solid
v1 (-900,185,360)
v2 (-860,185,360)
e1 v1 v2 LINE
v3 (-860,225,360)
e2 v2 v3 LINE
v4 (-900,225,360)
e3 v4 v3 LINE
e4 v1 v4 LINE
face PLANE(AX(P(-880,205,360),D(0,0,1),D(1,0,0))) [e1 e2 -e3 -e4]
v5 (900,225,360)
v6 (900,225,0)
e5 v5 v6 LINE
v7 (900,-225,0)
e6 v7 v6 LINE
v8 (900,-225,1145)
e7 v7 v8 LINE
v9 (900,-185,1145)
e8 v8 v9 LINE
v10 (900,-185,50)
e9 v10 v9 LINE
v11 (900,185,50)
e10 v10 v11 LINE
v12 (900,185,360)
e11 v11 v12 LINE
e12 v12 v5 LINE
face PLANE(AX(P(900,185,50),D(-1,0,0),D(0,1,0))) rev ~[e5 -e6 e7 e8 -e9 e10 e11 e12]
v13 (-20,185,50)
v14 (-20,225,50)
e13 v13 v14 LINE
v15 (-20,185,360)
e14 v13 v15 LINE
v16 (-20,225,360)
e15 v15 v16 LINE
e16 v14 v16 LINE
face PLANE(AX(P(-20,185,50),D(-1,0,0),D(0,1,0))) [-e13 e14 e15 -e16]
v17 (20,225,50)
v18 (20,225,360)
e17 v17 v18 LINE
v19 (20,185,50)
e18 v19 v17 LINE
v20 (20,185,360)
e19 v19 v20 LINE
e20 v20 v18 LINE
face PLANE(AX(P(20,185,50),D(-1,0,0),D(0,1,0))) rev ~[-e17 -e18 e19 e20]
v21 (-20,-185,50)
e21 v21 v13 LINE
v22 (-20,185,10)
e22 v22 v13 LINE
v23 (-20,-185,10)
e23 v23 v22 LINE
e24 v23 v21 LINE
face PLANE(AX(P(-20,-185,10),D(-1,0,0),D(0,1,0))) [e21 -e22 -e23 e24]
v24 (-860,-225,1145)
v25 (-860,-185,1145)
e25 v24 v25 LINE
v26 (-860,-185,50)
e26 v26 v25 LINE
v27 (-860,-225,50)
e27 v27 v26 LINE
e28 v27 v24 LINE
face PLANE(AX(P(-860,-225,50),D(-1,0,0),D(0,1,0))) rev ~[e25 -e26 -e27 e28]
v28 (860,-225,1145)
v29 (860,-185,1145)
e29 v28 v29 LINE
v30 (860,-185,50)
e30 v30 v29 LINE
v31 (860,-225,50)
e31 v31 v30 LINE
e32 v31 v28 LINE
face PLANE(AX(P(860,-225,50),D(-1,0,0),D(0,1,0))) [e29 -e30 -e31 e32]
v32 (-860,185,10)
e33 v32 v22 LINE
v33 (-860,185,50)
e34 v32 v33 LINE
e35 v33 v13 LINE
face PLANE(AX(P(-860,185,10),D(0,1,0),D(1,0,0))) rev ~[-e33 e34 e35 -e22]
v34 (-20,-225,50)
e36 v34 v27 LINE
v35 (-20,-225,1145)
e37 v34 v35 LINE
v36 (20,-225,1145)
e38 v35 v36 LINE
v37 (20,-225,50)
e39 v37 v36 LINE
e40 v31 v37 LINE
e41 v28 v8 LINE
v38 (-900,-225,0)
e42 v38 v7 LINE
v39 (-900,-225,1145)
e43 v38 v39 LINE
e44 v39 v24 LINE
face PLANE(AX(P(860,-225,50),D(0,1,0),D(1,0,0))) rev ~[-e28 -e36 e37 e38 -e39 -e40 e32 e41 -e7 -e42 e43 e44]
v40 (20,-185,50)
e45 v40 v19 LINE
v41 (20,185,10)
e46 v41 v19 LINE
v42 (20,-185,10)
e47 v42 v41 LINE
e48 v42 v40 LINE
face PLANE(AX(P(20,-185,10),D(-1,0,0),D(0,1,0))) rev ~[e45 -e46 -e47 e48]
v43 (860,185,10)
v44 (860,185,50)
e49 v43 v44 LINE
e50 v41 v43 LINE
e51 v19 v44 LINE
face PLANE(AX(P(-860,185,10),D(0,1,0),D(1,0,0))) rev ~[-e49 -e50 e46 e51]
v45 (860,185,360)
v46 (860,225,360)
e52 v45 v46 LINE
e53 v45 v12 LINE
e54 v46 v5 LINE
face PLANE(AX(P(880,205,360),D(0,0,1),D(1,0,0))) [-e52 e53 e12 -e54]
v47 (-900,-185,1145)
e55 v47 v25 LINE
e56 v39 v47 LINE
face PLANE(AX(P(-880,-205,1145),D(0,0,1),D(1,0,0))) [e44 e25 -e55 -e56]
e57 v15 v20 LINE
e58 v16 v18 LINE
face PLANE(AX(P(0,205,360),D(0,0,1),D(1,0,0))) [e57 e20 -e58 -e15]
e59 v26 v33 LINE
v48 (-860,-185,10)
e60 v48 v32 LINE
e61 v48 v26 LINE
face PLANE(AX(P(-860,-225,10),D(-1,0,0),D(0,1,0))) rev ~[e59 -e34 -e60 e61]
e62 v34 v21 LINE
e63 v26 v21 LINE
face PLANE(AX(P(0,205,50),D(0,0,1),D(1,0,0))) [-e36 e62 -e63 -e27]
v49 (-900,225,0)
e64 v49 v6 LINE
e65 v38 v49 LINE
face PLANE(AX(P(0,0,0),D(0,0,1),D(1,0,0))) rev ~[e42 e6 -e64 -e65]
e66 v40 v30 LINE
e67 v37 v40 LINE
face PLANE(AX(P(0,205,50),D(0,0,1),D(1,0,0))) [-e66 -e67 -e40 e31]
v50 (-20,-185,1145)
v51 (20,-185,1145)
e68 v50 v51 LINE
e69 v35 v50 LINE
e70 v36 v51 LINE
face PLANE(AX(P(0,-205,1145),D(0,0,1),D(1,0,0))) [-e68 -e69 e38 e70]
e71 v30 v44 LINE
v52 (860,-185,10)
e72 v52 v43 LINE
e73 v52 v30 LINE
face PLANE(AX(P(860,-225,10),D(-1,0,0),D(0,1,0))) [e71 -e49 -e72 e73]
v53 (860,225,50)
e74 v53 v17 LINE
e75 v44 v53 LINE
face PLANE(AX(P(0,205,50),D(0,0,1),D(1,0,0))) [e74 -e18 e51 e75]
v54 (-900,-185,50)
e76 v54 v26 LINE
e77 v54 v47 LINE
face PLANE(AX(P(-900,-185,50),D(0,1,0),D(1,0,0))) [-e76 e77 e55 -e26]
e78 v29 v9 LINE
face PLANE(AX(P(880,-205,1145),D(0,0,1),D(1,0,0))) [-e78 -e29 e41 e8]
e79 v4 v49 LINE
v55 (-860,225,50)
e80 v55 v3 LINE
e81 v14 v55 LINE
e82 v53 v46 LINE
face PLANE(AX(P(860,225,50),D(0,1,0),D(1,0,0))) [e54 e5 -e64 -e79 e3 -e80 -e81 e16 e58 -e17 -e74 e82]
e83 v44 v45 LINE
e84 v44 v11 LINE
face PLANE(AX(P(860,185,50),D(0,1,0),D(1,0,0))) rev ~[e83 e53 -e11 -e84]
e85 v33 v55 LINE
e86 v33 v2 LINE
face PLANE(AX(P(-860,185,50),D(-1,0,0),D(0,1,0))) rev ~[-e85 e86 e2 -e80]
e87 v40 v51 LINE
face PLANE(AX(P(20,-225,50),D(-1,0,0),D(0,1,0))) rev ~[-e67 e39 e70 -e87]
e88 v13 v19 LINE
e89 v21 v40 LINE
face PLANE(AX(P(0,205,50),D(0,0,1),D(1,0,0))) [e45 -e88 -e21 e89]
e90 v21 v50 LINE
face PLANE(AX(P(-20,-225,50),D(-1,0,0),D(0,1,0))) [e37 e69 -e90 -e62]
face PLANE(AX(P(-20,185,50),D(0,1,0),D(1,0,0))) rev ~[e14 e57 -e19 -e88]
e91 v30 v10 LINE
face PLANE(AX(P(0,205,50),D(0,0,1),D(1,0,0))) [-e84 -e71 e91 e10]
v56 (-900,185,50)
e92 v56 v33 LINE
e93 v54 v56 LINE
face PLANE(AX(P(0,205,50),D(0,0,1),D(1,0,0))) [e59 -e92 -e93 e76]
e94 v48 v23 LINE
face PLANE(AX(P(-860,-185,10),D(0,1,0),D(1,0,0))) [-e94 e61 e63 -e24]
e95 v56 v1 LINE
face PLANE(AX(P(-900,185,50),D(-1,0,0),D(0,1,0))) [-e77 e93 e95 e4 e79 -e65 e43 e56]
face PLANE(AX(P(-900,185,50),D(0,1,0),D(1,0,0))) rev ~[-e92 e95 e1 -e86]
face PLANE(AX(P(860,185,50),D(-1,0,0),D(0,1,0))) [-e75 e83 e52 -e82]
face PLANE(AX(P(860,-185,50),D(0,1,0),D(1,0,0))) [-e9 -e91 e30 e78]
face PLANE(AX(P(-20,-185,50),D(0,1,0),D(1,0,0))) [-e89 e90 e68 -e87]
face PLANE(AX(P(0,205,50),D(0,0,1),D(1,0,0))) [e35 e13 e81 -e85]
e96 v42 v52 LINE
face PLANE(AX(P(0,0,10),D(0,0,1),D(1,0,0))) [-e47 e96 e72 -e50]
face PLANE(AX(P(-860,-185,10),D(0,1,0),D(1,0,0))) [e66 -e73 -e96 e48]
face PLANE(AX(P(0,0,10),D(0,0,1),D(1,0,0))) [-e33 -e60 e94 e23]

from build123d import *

# Parameters (mm, degrees)
F0_W      = 1800
F0_H      = 450
F1_DEPTH  = 10
F2_W      = 40
F2_H      = 450
F3_DEPTH  = 40
F4_W      = 40
F4_H      = 450
F5_DEPTH  = 40
F6_W      = 40
F6_H      = 370
F7_DEPTH  = 40
F8_W      = 1720
F8_H      = 40
F9_DEPTH  = 40
F10_W     = 1720
F10_H     = 40
F11_DEPTH = 40
F12_W     = 40
F12_H     = 40
F13_DEPTH = 1095
F14_W     = 40
F14_H     = 40
F15_DEPTH = 1095
F16_W     = 40
F16_H     = 40
F17_DEPTH = 1095
F18_W     = 40
F18_H     = 40
F19_DEPTH = 310
F20_W     = 40
F20_H     = 40
F21_DEPTH = 310
F22_W     = 40
F22_H     = 40
F23_DEPTH = 310


with BuildPart() as f1:
    # F0 (on Top) → F1 (new body)
    with BuildSketch(Plane.XY):
        Rectangle(F0_W, F0_H)
    extrude(amount=F1_DEPTH)

    # F2 (on face) → F3 (join)
    with BuildSketch(Plane.XY.offset(10)):
        with Locations((-880, 0)):
            Rectangle(F2_W, F2_H)
    extrude(amount=F3_DEPTH)

    # F4 (on face) → F5 (join)
    with BuildSketch(Plane.XY.offset(10)):
        with Locations((880, 0)):
            Rectangle(F4_W, F4_H)
    extrude(amount=F5_DEPTH)

    # F6 (on face) → F7 (join)
    with BuildSketch(Plane.XY.offset(10)):
        Rectangle(F6_W, F6_H)
    extrude(amount=F7_DEPTH)

    # F8 (on face) → F9 (join)
    with BuildSketch(Plane.XY.offset(10)):
        with Locations((0, -205)):
            Rectangle(F8_W, F8_H)
    extrude(amount=F9_DEPTH)

    # F10 (on face) → F11 (join)
    with BuildSketch(Plane.XY.offset(10)):
        with Locations((0, 205)):
            Rectangle(F10_W, F10_H)
    extrude(amount=F11_DEPTH)

    # F12 (on face) → F13 (join)
    with BuildSketch(Plane.XY.offset(50)):
        with Locations((-880, -205)):
            Rectangle(F12_W, F12_H)
    extrude(amount=F13_DEPTH)

    # F14 (on face) → F15 (join)
    with BuildSketch(Plane.XY.offset(50)):
        with Locations((0, -205)):
            Rectangle(F14_W, F14_H)
    extrude(amount=F15_DEPTH)

    # F16 (on face) → F17 (join)
    with BuildSketch(Plane.XY.offset(50)):
        with Locations((880, -205)):
            Rectangle(F16_W, F16_H)
    extrude(amount=F17_DEPTH)

    # F18 (on face) → F19 (join)
    with BuildSketch(Plane.XY.offset(50)):
        with Locations((-880, 205)):
            Rectangle(F18_W, F18_H)
    extrude(amount=F19_DEPTH)

    # F20 (on face) → F21 (join)
    with BuildSketch(Plane.XY.offset(50)):
        with Locations((0, 205)):
            Rectangle(F20_W, F20_H)
    extrude(amount=F21_DEPTH)

    # F22 (on face) → F23 (join)
    with BuildSketch(Plane.XY.offset(50)):
        with Locations((880, 205)):
            Rectangle(F22_W, F22_H)
    extrude(amount=F23_DEPTH)


solid = f1.part
